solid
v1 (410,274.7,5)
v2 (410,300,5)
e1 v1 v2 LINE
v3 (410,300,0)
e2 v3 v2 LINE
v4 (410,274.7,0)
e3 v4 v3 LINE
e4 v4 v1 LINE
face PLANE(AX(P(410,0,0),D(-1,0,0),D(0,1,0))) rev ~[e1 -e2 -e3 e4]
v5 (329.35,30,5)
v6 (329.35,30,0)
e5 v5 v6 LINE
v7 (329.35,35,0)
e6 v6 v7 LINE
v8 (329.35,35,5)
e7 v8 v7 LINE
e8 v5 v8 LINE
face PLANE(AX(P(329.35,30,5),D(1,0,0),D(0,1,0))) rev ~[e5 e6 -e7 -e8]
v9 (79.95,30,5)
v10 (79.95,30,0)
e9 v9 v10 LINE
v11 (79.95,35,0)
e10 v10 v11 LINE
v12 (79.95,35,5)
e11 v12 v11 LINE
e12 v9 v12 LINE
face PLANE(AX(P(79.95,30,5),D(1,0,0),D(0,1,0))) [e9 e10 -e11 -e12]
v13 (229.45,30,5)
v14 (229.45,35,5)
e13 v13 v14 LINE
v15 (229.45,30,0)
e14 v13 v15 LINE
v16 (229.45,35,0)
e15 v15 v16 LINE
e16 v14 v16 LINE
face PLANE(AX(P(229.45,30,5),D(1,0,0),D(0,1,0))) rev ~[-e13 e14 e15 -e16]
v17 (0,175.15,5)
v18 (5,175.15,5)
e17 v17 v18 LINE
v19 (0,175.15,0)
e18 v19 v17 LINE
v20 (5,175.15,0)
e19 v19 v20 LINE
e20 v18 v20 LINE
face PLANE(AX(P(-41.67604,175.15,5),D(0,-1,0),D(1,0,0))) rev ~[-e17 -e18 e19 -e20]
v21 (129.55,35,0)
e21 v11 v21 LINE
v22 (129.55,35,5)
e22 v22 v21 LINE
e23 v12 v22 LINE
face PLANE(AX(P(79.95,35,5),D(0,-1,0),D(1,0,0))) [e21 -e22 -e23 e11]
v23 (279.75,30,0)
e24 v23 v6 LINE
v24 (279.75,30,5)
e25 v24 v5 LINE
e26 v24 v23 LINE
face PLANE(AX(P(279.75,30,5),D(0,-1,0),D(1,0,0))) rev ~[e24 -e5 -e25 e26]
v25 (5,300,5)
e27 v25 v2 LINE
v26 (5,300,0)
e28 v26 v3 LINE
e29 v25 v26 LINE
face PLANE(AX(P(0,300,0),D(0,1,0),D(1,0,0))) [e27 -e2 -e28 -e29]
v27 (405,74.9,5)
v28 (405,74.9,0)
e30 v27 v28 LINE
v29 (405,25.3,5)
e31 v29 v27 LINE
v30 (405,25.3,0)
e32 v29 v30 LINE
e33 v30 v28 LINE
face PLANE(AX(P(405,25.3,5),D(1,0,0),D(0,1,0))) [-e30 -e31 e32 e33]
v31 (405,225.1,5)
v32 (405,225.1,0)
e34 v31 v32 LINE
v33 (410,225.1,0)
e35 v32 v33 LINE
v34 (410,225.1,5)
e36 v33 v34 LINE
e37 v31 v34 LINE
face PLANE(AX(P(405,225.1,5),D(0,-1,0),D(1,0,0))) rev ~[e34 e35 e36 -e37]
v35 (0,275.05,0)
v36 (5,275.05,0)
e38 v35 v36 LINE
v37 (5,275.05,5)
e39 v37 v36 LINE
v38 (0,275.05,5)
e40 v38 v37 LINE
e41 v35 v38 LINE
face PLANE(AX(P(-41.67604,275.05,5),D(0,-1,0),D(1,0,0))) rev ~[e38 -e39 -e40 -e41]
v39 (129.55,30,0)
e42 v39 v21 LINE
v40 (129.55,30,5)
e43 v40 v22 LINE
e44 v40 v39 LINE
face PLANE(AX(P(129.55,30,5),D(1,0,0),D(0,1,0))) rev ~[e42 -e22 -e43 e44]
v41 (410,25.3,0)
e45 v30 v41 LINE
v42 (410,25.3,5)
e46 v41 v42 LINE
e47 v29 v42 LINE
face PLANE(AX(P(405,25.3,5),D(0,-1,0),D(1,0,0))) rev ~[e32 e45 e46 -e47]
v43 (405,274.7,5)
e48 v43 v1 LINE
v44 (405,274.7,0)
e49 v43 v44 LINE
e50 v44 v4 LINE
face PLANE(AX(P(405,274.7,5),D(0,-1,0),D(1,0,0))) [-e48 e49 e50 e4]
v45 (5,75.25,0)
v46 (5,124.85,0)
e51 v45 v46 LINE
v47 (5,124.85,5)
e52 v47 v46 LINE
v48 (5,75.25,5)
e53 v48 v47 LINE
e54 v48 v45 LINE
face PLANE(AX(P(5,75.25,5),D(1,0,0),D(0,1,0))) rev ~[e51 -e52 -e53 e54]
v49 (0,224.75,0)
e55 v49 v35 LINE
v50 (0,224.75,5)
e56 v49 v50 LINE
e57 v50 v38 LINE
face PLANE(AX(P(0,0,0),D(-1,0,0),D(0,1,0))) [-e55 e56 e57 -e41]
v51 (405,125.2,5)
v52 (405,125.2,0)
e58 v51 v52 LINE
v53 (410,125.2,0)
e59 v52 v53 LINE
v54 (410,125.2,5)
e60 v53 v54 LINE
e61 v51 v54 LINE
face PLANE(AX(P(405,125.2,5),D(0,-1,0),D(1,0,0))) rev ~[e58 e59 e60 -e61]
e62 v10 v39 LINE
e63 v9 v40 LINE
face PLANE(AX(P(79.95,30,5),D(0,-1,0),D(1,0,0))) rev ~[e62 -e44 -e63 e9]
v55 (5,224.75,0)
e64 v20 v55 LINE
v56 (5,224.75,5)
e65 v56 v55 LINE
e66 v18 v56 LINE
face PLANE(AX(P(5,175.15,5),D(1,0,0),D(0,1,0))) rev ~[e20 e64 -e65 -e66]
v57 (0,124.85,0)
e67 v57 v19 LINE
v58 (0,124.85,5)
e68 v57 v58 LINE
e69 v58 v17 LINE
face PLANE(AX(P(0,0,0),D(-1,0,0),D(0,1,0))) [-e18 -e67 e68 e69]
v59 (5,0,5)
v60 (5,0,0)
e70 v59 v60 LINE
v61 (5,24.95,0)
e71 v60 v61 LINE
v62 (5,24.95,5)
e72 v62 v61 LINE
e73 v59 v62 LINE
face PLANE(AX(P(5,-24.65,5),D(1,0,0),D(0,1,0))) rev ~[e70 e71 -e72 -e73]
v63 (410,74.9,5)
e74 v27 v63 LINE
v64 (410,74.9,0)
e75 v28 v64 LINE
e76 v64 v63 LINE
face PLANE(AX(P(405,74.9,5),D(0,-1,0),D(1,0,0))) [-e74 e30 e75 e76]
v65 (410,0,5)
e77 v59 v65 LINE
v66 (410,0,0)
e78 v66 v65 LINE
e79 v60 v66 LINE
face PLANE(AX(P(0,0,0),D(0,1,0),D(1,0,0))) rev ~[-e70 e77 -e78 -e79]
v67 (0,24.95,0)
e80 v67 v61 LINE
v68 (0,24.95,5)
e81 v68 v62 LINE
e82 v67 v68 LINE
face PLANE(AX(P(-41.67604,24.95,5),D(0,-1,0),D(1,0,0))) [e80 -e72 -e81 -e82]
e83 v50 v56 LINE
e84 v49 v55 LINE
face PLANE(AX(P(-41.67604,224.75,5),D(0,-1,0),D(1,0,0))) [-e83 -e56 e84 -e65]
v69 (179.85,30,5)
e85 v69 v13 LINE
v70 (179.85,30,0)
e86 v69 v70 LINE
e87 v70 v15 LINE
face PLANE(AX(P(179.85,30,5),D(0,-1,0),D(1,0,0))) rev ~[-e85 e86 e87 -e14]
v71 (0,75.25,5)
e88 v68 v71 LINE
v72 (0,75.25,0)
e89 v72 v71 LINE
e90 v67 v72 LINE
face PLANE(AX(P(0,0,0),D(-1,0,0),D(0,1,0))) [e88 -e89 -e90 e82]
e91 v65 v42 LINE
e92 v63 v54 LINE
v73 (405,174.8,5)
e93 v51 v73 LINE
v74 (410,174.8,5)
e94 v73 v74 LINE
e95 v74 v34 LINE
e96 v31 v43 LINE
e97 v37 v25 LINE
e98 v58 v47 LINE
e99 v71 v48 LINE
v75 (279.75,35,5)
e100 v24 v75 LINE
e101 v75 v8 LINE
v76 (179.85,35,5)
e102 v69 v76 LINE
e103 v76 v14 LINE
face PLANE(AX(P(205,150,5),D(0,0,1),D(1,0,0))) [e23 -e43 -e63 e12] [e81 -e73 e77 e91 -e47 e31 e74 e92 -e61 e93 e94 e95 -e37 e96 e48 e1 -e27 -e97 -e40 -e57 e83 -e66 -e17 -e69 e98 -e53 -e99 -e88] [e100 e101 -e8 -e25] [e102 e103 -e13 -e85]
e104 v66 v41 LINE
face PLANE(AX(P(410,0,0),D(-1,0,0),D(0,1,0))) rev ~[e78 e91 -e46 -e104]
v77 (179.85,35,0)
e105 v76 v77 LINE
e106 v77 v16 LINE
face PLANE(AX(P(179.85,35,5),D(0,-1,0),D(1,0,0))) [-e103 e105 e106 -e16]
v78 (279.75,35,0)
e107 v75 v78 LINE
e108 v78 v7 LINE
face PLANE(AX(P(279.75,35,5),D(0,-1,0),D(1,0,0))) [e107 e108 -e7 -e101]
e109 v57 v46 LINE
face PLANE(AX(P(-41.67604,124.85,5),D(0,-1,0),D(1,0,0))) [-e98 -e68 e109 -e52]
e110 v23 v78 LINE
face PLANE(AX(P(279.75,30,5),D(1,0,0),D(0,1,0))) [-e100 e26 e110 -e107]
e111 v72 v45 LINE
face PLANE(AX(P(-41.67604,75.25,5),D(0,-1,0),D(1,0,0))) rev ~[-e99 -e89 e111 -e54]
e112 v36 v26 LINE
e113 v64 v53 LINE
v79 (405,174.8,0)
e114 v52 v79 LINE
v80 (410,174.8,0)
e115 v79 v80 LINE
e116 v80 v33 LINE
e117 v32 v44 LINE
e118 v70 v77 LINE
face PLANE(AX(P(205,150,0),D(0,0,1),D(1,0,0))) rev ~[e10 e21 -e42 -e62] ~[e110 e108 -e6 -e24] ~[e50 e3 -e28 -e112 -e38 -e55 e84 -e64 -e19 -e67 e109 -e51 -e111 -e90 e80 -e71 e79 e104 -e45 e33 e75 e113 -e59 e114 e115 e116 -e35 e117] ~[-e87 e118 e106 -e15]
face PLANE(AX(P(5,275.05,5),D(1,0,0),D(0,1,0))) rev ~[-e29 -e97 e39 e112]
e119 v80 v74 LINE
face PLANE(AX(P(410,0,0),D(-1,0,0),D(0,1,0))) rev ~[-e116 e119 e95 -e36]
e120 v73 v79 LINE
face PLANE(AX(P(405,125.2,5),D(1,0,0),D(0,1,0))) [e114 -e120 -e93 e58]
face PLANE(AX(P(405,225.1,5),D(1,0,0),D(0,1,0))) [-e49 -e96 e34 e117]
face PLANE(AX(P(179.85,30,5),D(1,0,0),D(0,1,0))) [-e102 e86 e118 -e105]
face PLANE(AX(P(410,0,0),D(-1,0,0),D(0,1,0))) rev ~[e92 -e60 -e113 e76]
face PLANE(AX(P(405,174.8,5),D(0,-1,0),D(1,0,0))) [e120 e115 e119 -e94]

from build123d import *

# Parameters (mm, degrees)
SKIZZE1_W                       = 410
SKIZZE1_H                       = 300
AUFSATZ_LINEAR_AUSTRAGEN1_DEPTH = 5
SKIZZE2_W                       = 46.676040128
SKIZZE2_H                       = 49.6
SCHNITT_LINEAR_AUSTRAGEN1_DEPTH = 5
LINEARES_MUSTER1_COUNT          = 4
LINEARES_MUSTER1_PITCH          = 99.9
SKIZZE3_W                       = 27.663601369
SKIZZE3_H                       = 49.6
SCHNITT_LINEAR_AUSTRAGEN2_DEPTH = 5
LINEARES_MUSTER2_COUNT          = 3
LINEARES_MUSTER2_PITCH          = 99.9
SKIZZE4_W                       = 49.6
SKIZZE4_H                       = 5
SCHNITT_LINEAR_AUSTRAGEN3_DEPTH = 5
LINEARES_MUSTER3_COUNT          = 3
LINEARES_MUSTER3_PITCH          = 99.9


with BuildPart() as part:
    # Skizze1 → Aufsatz-Linear austragen1 (new body)
    with BuildSketch(Plane.XY):
        with Locations((205, 150)):
            Rectangle(SKIZZE1_W, SKIZZE1_H)
    extrude(amount=AUFSATZ_LINEAR_AUSTRAGEN1_DEPTH)

    # Skizze2 → Schnitt-Linear austragen1 (cut)
    with BuildSketch(Plane.XY.offset(5)):
        with Locations((-18.338020064, 299.85)):
            Rectangle(SKIZZE2_W, SKIZZE2_H)
    schnitt_linear_austragen1 = extrude(amount=-SCHNITT_LINEAR_AUSTRAGEN1_DEPTH, mode=Mode.SUBTRACT)

    # Lineares Muster1: Schnitt-Linear austragen1 ×4
    with Locations(*[(0, -i * LINEARES_MUSTER1_PITCH, 0) for i in range(1, LINEARES_MUSTER1_COUNT)]):
        add(schnitt_linear_austragen1, mode=Mode.SUBTRACT)

    # Skizze3 → Schnitt-Linear austragen2 (cut)
    with BuildSketch(Plane.XY.offset(5)):
        with Locations((418.831800685, 249.9)):
            Rectangle(SKIZZE3_W, SKIZZE3_H)
    schnitt_linear_austragen2 = extrude(amount=-SCHNITT_LINEAR_AUSTRAGEN2_DEPTH, mode=Mode.SUBTRACT)

    # Lineares Muster2: Schnitt-Linear austragen2 ×3
    with Locations(*[(0, -i * LINEARES_MUSTER2_PITCH, 0) for i in range(1, LINEARES_MUSTER2_COUNT)]):
        add(schnitt_linear_austragen2, mode=Mode.SUBTRACT)

    # Skizze4 → Schnitt-Linear austragen3 (cut)
    with BuildSketch(Plane.XY.offset(5)):
        with Locations((104.75, 32.5)):
            Rectangle(SKIZZE4_W, SKIZZE4_H)
    schnitt_linear_austragen3 = extrude(amount=-SCHNITT_LINEAR_AUSTRAGEN3_DEPTH, mode=Mode.SUBTRACT)

    # Lineares Muster3: Schnitt-Linear austragen3 ×3
    with Locations(*[(i * LINEARES_MUSTER3_PITCH, 0, 0) for i in range(1, LINEARES_MUSTER3_COUNT)]):
        add(schnitt_linear_austragen3, mode=Mode.SUBTRACT)


solid = part.part
